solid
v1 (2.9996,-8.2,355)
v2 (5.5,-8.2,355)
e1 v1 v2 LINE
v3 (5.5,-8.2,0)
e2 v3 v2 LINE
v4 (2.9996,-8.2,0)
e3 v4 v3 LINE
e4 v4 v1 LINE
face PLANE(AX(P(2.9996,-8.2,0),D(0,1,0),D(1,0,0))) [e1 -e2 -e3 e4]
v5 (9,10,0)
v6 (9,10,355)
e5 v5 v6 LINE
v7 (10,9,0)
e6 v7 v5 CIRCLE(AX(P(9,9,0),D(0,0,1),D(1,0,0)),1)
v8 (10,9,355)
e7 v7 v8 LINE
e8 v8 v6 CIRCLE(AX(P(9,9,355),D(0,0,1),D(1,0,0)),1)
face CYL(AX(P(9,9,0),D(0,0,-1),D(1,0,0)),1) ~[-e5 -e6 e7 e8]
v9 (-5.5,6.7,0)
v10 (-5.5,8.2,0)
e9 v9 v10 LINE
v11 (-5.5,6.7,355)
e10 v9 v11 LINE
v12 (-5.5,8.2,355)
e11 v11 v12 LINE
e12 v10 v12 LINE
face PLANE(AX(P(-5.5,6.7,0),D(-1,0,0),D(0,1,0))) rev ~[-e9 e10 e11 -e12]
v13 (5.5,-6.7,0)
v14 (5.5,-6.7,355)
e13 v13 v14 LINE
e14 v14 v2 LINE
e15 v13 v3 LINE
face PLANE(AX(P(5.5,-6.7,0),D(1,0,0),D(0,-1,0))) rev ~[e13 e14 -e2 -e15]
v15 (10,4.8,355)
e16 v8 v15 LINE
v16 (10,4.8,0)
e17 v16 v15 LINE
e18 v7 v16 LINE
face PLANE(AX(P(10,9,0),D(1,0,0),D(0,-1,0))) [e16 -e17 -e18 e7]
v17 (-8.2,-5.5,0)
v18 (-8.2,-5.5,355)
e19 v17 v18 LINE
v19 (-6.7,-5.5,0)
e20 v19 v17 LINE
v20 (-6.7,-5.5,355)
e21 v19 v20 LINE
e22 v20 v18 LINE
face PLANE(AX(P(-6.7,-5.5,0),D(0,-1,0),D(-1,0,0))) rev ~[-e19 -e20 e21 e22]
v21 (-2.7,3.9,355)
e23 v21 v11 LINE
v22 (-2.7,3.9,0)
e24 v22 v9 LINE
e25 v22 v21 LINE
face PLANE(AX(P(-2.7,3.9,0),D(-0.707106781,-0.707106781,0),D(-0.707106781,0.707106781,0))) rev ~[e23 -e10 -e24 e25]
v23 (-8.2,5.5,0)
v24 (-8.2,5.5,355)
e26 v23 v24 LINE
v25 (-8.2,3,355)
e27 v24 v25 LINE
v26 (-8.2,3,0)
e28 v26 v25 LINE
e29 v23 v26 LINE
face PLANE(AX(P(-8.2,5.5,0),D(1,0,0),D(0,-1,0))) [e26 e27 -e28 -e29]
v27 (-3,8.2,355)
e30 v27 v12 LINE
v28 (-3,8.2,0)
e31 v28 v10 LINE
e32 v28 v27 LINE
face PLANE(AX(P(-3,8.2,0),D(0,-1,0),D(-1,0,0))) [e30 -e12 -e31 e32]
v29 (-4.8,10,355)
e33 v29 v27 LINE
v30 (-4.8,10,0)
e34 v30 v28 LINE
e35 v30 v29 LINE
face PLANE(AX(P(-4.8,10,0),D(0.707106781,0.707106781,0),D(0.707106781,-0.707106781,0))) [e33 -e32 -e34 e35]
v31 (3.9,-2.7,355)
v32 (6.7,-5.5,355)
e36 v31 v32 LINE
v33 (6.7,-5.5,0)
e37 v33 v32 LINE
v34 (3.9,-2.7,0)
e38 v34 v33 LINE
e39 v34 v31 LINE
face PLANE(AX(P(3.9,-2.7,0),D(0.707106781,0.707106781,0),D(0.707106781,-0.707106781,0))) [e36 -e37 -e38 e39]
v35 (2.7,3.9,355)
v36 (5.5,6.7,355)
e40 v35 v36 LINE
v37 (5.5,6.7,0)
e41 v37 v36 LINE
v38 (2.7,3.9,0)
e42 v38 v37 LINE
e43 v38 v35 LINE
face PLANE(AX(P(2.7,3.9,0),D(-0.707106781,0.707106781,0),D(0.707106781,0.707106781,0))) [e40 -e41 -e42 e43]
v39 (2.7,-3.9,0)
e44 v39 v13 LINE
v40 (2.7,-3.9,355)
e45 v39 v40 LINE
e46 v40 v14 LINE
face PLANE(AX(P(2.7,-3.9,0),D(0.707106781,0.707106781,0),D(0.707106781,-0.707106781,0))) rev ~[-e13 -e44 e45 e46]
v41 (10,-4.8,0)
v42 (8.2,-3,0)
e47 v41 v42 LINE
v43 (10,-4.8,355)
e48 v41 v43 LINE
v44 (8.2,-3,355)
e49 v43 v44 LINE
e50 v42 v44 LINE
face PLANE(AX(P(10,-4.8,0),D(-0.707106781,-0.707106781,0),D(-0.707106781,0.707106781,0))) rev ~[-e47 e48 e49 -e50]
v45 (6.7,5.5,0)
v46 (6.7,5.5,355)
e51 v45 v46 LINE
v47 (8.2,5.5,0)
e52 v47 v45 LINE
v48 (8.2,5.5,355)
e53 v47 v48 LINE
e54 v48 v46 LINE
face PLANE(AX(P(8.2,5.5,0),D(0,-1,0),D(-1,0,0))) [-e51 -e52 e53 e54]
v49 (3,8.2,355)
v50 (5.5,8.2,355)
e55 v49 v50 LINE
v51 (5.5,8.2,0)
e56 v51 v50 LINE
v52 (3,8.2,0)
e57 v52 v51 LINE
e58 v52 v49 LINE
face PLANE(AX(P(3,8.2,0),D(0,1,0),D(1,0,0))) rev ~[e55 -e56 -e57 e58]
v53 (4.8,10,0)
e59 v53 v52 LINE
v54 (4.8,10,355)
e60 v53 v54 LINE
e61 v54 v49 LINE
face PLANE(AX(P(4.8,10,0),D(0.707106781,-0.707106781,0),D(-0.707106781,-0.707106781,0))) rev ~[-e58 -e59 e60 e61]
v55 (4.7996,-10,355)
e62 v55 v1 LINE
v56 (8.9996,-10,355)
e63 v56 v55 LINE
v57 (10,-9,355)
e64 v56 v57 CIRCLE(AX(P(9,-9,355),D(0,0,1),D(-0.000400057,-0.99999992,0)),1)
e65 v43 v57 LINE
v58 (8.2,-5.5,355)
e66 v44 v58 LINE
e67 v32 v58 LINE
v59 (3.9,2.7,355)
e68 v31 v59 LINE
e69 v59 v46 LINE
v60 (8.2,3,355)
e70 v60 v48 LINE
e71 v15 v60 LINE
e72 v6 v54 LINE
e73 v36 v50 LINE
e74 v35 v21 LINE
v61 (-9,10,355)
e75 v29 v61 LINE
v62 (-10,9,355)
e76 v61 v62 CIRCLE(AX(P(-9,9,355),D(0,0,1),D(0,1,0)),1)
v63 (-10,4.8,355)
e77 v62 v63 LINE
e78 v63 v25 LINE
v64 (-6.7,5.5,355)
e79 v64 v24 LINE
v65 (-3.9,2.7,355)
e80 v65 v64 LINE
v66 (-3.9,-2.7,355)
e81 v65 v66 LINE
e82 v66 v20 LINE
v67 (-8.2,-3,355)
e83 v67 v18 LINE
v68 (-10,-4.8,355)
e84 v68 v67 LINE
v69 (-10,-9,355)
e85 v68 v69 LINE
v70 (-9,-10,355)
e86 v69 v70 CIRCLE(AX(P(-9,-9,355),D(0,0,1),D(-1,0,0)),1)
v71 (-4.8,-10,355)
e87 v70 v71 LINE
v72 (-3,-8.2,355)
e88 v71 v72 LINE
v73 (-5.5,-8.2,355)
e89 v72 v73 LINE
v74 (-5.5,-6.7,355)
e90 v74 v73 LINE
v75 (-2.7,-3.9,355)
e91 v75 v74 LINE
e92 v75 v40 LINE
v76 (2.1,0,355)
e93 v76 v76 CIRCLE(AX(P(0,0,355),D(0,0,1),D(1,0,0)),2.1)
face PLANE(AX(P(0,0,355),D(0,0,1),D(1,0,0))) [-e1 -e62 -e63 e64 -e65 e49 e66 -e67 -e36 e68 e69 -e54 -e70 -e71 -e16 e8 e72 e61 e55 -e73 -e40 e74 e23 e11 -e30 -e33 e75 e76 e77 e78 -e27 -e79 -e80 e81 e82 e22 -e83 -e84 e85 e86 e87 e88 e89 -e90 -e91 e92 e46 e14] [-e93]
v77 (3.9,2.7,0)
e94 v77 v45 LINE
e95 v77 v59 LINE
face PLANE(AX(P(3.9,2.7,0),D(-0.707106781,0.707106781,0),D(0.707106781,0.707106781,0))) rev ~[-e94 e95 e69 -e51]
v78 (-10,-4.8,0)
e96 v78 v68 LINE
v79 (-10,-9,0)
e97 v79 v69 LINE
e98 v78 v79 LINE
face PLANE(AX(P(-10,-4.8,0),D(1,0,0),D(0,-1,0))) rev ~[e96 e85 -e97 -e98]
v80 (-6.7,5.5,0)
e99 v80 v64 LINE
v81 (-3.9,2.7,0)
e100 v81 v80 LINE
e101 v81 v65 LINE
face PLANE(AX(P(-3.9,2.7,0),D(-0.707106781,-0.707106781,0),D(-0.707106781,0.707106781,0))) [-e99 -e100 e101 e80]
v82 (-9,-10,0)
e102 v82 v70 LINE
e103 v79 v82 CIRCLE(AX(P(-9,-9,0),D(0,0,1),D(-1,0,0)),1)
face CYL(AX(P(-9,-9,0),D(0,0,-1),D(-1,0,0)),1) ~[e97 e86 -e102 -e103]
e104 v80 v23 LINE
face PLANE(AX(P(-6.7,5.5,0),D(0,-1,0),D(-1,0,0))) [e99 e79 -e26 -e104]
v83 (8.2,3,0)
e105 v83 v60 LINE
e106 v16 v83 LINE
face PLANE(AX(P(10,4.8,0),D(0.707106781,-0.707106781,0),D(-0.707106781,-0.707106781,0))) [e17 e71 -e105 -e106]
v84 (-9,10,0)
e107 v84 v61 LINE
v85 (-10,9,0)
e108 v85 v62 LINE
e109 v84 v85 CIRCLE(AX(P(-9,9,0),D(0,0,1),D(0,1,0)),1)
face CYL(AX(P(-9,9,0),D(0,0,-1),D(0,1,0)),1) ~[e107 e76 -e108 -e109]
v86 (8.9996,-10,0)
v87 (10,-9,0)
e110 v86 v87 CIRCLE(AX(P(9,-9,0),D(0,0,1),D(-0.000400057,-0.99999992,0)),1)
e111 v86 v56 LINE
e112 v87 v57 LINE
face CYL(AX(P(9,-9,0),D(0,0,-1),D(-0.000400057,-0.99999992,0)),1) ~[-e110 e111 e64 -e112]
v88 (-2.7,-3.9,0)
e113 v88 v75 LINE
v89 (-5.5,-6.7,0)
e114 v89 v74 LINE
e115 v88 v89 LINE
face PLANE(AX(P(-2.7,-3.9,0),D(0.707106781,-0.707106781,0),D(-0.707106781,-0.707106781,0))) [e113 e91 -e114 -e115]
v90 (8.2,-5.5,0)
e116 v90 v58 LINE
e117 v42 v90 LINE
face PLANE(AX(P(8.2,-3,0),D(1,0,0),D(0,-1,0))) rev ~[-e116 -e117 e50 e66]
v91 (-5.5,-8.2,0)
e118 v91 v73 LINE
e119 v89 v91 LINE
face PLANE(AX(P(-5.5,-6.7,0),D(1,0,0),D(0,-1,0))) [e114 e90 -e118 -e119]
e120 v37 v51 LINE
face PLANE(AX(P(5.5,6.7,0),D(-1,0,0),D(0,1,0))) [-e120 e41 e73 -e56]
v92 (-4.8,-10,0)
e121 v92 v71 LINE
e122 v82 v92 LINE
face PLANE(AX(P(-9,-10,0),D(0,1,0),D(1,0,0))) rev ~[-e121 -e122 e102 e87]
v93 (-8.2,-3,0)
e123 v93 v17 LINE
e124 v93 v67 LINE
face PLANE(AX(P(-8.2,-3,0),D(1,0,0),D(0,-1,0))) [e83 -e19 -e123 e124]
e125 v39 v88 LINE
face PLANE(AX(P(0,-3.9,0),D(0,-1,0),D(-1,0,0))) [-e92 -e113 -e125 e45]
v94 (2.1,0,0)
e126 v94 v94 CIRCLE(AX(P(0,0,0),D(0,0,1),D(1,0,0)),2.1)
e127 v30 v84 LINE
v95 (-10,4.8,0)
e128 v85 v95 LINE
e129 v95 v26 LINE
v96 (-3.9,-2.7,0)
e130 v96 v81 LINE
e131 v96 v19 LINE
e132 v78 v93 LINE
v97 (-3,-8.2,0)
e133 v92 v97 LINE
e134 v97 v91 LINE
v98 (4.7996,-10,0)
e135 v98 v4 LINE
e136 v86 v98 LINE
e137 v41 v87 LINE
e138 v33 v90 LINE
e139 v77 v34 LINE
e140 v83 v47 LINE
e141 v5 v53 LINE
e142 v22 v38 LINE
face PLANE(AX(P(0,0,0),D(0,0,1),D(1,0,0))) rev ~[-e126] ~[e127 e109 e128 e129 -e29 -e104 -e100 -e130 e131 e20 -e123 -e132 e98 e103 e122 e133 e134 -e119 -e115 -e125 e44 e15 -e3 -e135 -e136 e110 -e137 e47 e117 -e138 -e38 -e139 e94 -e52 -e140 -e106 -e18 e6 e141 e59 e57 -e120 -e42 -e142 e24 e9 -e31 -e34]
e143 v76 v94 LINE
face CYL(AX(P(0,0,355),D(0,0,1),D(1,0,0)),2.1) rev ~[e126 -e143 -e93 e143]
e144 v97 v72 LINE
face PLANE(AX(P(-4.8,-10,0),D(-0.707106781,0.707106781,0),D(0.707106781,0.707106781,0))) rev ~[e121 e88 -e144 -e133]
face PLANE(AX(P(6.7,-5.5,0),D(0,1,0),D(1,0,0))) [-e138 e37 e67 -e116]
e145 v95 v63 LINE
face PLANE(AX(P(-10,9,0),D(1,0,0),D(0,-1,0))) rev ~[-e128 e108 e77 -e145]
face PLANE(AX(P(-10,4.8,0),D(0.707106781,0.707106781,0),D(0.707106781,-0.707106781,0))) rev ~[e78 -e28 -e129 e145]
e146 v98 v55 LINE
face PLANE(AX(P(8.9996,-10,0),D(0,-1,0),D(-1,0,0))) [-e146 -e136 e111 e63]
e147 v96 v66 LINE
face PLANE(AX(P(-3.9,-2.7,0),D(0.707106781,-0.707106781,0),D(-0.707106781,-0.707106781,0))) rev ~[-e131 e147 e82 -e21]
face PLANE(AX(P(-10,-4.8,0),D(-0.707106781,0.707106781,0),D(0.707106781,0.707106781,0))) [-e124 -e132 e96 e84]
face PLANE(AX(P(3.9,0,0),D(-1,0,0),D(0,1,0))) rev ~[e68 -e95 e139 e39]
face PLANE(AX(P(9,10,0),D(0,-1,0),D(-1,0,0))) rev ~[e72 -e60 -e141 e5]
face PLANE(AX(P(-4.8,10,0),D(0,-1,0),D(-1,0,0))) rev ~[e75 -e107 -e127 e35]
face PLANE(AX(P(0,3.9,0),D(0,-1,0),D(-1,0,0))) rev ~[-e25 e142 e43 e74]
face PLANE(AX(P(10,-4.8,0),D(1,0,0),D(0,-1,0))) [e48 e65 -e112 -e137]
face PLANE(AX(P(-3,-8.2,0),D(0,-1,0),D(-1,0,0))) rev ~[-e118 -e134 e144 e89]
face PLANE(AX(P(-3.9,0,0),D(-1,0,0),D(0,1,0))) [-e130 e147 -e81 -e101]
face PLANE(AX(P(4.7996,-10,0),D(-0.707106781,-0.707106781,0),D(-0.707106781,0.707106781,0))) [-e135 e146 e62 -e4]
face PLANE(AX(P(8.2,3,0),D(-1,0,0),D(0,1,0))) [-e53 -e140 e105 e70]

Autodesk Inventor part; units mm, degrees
ref_plane "YZ Plane" through (0, 0, 0) normal (1, 0, 0) x (0, 1, 0)
ref_plane "XZ Plane" through (0, 0, 0) normal (0, 1, 0) x (-1, 0, 0)
ref_plane "XY Plane" through (0, 0, 0) normal (0, 0, 1) x (1, 0, 0)
sketch "Эскиз1" plane through (0, 0, 0) normal (0, 0, 1) x (1, 0, 0)
  line L0 (-4.8, 10) -> (-3, 8.2)
  line L1 (-4.8, 10) -> (-2.2544, 10) construction
  line L2 (4.8, 10) -> (3, 8.2)
  line L3 (4.8, 10) -> (7.3456, 10) construction
  line L4 (10, 4.8) -> (8.2, 3)
  arc A0 (-9, 10) -> (-10, 9) centre (-9, 9) ccw
  arc A1 (10, 9) -> (9, 10) centre (9, 9) ccw
  arc A2 (-10, -9) -> (-9, -10) centre (-9, -9) ccw
  arc A3 (8.9996, -10) -> (10, -9) centre (9, -9) ccw
  line L5 (0, 3.9) -> (-2.7, 3.9)
  line L6 (0, 3.9) -> (2.7, 3.9)
  line L7 (3, 8.2) -> (5.5, 8.2)
  line L8 (2.7, 3.9) -> (5.5, 6.7)
  line L9 (5.5, 6.7) -> (5.5, 8.2)
  line L10 (3.9, 0) -> (3.9, 2.7)
  line L11 (3.9, 0) -> (3.9, -2.7)
  line L12 (3.9, 2.7) -> (6.7, 5.5)
  line L13 (3.9, 2.7) -> (7.8598, 2.7) construction
  line L14 (9, 10) -> (4.8, 10)
  line L15 (-4.8, 10) -> (-9, 10)
  line L16 (0, -3.9) -> (-2.7, -3.9)
  line L17 (0, -3.9) -> (2.7, -3.9)
  line L18 (-3.9, 0) -> (-3.9, -2.7)
  line L19 (-3.9, 0) -> (-3.9, 2.7)
  line L20 (8.2, 3) -> (8.2, 5.5)
  line L21 (8.2, 5.5) -> (6.7, 5.5)
  line L22 (-10, -4.8) -> (-7.4544, -4.8) construction
  line L23 (-4.8, -10) -> (-3, -8.2)
  line L24 (-4.8, -10) -> (-2.2544, -10) construction
  line L25 (4.7996, -10) -> (2.9996, -8.2)
  line L26 (4.7996, -10) -> (7.3452, -10) construction
  line L27 (10, -4.8) -> (8.2, -3)
  line L28 (8.9996, -10) -> (4.7996, -10)
  line L29 (-9, -10) -> (-4.8, -10)
  line L30 (10, -4.8) -> (10, -9)
  line L31 (10, 9) -> (10, 4.8)
  line L32 (-10, -4.8) -> (-10, -9)
  line L33 (-3, 8.2) -> (-5.5, 8.2)
  line L34 (-2.7, 3.9) -> (-5.5, 6.7)
  line L35 (-2.7, 3.9) -> (1.2598, 3.9) construction
  line L36 (-5.5, 6.7) -> (-5.5, 8.2)
  line L37 (-3.9, 2.7) -> (-6.7, 5.5)
  line L38 (-6.7, 5.5) -> (-8.2, 5.5)
  line L39 (-8.2, -3) -> (-8.2, -5.5)
  line L40 (-3, -8.2) -> (-5.5, -8.2)
  line L41 (2.9996, -8.2) -> (5.5, -8.2)
  line L42 (8.2, -3) -> (8.2, -5.5)
  line L43 (-3.9, -2.7) -> (-6.7, -5.5)
  line L44 (-6.7, -5.5) -> (-8.2, -5.5)
  line L45 (-2.7, -3.9) -> (-5.5, -6.7)
  line L46 (-5.5, -6.7) -> (-5.5, -8.2)
  line L47 (-10, 9) -> (-10, 4.8)
  line L48 (-10, 4.8) -> (-8.2, 3)
  line L49 (-8.2, 5.5) -> (-8.2, 3)
  line L50 (-10, -4.8) -> (-8.2, -3)
  line L51 (2.7, -3.9) -> (5.5, -6.7)
  line L52 (5.5, -6.7) -> (5.5, -8.2)
  line L53 (3.9, -2.7) -> (6.7, -5.5)
  line L54 (6.7, -5.5) -> (8.2, -5.5)
  point P0 (0, 0)
  dimension "d16" = 45
  dimension "d17" = 135
  dimension "d25" = 6
  dimension "d29" = 1
  dimension "d30" = 1
  dimension "d31" = 2.7
  dimension "d32" = 2.7
  dimension "d34" = 2.5
  dimension "d36" = 2.7
  dimension "d37" = 2.7
  dimension "d38" = 3.9
  dimension "d39" = 45
  dimension "d42" = 2.7
  dimension "d43" = 2.7
  dimension "d44" = 3.9
  dimension "d45" = 2.7
  dimension "d46" = 2.7
  dimension "d48" = 10
  dimension "d49" = 10
  dimension "d55" = 4.5
  dimension "d58" = 9
  dimension "d59" = 9
  dimension "d60" = 2.5
  dimension "d61" = 2.8
  dimension "d63" = 1.6971
  dimension "d65" = 45
  dimension "d67" = 135
  dimension "d73" = 10
  dimension "d74" = 10
  dimension "d77" = 18
  dimension "d78" = 18
  dimension "d79" = 135
  dimension "d80" = 135
  dimension "d81" = 4.5
  dimension "d82" = 1.8
  dimension "d83" = 1.8
  dimension "d84" = 1
  dimension "d85" = 1
  dimension "d87" = 4.5
  dimension "d89" = 1.8
  dimension "d91" = 135
  dimension "d92" = 1.6971
  dimension "d94" = 4.5
  dimension "d95" = 1.8
  dimension "d96" = 4.5
  dimension "d97" = 1.8
  dimension "d98" = 4.5
  dimension "d99" = 1.8
  dimension "d100" = 1.8
  dimension "d107" = 4.2
  dimension "d108" = 10
  dimension "d109" = 4.5
  dimension "d110" = 1.8
  dimension "d111" = 135
  dimension "d112" = 4.2
  dimension "d113" = 4.2
  dimension "d114" = 6
  dimension "d115" = 135
  dimension "d116" = 1.6971
  dimension "d117" = 4.2
  dimension "d118" = 4.2
  dimension "d119" = 4.5
  dimension "d120" = 135
  dimension "d121" = 1.5
extrude "Выдавливание2" add sketch "Эскиз1" along normal blind 355
sketch "Эскиз2" plane through (0, 0, 355) normal (0, 0, 1) x (1, 0, 0)
  circle A0 centre (0, 0) radius 2.1
  dimension "d131" = 4.2
extrude "Выдавливание3" cut sketch "Эскиз2" against normal through all
properties part number "Профиль_аллюминиевый355"
